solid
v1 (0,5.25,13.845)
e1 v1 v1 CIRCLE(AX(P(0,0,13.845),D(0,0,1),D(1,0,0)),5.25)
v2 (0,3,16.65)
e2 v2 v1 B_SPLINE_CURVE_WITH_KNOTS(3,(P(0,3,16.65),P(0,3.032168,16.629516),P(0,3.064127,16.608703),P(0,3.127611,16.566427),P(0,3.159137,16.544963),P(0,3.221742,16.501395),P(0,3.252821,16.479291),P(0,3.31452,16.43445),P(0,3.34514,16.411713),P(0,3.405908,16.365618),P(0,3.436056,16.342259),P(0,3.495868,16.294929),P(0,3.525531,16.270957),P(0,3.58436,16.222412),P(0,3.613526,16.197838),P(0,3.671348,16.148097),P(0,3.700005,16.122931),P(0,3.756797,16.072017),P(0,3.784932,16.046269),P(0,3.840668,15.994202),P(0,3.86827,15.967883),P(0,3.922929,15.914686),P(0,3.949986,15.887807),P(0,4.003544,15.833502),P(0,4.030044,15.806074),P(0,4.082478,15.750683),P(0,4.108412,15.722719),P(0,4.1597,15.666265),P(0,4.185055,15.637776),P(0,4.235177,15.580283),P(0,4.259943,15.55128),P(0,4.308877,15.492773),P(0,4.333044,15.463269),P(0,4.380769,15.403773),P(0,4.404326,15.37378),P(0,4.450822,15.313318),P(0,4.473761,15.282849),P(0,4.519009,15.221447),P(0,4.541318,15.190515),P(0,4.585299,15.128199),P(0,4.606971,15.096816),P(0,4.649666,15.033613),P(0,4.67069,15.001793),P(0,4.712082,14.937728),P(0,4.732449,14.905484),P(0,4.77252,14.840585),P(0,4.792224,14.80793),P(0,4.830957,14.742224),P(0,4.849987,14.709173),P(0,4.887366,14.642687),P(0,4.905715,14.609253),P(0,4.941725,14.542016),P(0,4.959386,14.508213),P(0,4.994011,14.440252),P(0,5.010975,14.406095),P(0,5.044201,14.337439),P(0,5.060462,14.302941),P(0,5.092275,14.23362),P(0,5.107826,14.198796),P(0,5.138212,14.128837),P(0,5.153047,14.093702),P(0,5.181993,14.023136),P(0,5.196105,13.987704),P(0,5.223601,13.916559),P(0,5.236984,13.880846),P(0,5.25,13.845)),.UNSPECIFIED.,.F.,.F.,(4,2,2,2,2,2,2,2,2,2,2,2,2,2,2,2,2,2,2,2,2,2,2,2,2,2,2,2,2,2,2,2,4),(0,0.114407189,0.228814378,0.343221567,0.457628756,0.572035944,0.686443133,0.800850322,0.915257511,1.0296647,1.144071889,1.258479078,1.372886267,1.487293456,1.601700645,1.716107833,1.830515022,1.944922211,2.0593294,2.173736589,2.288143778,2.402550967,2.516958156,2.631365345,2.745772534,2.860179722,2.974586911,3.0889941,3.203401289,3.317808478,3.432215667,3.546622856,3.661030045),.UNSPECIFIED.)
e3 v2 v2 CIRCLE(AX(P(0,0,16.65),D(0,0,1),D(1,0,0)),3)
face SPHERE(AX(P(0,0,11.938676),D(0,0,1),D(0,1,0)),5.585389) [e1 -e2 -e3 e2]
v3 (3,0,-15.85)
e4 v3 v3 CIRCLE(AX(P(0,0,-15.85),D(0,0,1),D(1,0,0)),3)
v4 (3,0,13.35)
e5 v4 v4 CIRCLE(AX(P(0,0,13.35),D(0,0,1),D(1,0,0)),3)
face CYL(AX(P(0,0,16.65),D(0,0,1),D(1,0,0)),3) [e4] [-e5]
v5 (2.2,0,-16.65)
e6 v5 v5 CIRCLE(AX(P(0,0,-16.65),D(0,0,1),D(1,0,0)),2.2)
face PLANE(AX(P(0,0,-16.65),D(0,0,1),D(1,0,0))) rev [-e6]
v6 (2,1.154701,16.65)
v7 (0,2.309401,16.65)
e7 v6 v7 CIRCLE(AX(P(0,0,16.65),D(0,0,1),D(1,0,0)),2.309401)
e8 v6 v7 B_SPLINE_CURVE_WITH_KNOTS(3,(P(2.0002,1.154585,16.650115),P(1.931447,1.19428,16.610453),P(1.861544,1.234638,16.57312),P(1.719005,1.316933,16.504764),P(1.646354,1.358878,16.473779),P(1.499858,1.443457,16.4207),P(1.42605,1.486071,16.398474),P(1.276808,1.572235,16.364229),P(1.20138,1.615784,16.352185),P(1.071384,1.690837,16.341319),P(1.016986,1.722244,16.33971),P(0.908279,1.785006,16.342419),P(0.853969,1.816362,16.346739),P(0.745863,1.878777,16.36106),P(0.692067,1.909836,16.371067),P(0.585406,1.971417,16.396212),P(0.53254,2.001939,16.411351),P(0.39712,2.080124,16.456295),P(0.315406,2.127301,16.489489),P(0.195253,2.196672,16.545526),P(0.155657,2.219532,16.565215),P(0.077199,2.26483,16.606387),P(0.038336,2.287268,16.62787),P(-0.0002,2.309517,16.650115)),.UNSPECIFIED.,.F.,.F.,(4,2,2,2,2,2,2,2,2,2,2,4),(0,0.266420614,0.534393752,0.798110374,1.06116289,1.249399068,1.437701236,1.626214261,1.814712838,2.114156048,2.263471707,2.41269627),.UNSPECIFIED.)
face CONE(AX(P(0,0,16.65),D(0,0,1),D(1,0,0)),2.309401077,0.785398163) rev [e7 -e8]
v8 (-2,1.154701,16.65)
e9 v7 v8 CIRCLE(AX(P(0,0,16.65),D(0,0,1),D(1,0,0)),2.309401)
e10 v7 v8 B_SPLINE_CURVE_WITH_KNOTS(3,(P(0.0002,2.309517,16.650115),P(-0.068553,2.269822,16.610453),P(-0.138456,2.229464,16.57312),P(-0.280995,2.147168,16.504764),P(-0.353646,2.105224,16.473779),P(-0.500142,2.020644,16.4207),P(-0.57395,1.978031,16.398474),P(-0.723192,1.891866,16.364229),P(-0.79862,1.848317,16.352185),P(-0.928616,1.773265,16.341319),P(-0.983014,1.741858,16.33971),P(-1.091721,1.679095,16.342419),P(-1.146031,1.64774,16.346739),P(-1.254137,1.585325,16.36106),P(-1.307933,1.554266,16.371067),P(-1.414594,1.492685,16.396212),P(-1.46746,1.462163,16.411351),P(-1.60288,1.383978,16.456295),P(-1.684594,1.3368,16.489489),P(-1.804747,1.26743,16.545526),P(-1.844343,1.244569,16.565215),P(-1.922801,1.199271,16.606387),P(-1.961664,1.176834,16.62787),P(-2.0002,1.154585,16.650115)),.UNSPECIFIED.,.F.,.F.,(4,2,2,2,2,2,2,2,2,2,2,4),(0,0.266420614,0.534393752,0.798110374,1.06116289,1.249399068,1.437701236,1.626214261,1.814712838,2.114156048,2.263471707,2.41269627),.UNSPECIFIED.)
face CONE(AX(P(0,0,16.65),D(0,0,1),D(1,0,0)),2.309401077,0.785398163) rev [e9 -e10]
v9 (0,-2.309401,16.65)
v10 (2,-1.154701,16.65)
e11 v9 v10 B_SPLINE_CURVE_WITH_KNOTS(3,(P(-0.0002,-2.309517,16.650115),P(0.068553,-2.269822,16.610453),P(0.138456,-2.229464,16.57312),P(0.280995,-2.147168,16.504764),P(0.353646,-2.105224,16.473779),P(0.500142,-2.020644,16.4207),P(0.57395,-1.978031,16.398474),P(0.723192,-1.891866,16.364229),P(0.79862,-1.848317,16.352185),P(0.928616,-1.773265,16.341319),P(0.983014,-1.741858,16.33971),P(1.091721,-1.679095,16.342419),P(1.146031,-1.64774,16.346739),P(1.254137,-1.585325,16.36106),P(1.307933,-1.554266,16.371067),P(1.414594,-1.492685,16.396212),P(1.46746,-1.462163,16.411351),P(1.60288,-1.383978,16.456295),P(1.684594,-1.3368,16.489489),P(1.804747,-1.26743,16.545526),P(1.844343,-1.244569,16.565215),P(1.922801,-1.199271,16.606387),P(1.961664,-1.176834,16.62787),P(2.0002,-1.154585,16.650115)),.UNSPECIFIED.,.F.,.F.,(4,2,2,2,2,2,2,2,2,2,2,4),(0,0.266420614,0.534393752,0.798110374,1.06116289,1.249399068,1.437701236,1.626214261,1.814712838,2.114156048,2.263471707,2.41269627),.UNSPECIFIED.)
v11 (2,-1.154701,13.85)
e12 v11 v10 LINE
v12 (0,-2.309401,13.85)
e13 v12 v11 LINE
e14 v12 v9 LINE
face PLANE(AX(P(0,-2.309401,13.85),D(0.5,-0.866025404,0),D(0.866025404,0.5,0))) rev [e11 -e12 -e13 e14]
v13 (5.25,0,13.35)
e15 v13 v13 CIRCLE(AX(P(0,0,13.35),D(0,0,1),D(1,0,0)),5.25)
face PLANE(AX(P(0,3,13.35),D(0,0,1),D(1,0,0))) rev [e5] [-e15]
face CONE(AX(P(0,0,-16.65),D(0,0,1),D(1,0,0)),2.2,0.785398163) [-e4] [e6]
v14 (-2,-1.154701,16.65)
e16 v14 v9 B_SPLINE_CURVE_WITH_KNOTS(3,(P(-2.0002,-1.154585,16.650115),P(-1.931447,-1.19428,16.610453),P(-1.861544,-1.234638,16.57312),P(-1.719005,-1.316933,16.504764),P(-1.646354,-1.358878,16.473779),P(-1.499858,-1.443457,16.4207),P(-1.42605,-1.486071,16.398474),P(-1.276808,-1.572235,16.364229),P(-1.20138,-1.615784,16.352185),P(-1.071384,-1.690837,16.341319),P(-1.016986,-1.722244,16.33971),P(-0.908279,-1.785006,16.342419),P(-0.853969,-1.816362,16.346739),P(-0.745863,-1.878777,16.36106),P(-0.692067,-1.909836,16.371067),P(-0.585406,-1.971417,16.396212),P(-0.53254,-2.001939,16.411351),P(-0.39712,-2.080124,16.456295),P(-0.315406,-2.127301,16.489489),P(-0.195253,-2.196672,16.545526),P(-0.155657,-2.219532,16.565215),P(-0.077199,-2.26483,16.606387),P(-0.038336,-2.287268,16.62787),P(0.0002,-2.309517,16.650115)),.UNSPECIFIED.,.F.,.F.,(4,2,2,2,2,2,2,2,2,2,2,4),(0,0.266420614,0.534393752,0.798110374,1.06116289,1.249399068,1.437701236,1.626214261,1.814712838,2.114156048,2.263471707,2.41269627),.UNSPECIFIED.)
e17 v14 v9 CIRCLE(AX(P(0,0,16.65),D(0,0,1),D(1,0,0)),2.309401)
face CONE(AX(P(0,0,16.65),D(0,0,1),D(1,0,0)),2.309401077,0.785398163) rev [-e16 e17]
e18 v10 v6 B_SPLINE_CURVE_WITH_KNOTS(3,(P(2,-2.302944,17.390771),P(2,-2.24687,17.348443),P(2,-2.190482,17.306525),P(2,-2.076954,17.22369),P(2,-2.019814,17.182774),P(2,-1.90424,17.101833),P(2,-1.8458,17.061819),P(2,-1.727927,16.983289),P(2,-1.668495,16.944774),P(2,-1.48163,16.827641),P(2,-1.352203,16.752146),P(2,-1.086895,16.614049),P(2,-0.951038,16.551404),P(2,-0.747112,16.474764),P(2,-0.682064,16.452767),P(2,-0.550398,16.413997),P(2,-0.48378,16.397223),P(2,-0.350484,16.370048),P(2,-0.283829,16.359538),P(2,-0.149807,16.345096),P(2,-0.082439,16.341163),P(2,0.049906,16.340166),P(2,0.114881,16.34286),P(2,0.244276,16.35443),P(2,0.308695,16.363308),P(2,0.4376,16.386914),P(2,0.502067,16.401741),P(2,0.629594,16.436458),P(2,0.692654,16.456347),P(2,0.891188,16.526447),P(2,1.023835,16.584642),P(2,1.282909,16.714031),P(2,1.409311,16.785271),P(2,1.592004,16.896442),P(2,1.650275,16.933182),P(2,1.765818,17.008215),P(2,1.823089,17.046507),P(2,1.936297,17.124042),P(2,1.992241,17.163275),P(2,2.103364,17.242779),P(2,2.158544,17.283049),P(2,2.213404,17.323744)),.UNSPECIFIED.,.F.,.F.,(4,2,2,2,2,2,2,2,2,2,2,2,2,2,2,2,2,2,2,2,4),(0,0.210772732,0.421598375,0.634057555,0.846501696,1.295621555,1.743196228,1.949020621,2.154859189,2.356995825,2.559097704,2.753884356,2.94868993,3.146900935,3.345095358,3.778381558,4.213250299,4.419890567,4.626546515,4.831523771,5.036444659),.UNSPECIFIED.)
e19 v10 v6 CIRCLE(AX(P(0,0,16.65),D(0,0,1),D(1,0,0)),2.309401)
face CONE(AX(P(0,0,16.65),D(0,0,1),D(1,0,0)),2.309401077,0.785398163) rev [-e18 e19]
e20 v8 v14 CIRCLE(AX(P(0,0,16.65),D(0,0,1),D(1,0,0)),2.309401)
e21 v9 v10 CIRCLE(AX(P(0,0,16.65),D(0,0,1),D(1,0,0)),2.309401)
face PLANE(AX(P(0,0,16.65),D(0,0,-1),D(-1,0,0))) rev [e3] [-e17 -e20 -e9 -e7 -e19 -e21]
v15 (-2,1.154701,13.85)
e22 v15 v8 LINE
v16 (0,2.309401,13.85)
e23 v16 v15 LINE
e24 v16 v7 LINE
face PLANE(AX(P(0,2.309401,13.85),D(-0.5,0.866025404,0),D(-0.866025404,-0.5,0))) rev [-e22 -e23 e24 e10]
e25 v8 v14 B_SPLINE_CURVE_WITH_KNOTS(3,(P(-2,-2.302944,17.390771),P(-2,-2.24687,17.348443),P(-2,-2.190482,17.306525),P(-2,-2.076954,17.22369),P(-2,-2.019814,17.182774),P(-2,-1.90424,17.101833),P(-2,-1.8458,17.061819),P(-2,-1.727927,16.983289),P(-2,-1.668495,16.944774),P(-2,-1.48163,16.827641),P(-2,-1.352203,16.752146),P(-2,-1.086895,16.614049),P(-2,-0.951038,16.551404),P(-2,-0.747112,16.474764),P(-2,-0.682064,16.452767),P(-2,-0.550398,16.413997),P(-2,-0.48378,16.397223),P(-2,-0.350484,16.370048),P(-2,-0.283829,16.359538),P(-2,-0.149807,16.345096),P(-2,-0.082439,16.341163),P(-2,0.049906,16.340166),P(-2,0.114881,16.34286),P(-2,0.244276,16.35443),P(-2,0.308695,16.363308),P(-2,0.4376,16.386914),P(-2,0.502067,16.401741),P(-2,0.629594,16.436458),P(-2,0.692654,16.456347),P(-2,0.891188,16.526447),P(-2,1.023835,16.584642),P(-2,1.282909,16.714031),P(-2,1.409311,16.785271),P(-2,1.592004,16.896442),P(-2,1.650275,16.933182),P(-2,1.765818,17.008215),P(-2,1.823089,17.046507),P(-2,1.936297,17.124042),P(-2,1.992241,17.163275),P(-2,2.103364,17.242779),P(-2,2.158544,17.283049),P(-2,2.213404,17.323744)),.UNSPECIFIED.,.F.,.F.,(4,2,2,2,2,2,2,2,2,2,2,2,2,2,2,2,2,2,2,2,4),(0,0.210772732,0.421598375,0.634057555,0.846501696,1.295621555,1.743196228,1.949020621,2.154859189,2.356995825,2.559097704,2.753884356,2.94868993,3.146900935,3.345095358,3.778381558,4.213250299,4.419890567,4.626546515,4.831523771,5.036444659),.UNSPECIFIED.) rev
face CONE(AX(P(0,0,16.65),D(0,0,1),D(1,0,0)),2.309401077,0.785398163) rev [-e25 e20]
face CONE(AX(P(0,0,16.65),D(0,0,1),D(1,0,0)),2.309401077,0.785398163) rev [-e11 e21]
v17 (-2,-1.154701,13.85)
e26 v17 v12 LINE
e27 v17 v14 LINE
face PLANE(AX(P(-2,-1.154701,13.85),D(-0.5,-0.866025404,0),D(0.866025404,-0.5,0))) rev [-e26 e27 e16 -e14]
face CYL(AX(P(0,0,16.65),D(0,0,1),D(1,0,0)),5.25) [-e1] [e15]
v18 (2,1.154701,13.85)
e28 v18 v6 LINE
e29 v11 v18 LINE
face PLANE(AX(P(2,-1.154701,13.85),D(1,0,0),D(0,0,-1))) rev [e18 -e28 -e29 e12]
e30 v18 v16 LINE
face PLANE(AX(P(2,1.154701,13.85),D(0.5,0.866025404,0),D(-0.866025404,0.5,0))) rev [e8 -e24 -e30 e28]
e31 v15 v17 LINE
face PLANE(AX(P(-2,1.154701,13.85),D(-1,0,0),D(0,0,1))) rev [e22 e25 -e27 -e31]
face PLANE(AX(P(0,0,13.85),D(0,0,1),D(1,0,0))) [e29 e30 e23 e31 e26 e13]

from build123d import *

# Parameters (mm, degrees)
CUT_EXTRUDE1_DEPTH = 2.8


with BuildPart() as part:
    # Sketch2 → Revolve1 (revolve)
    with BuildSketch(Plane(origin=(0, 0, 0), x_dir=(0, 0, -1), z_dir=(1, 0, 0)), mode=Mode.PRIVATE) as revolve1_sk:
        with BuildLine():
            Line((-16.65, 0), (16.65, 0))
            Line((16.65, 0), (16.65, 2.2))
            Line((16.65, 2.2), (15.85, 3))
            Line((15.85, 3), (-13.35, 3))
            Line((-13.35, 3), (-13.35, 5.25))
            Line((-13.35, 5.25), (-13.845, 5.25))
            ThreePointArc((-13.845, 5.25), (-15.433520981, 4.356906156), (-16.65, 3))
            Line((-16.65, 3), (-16.65, 0))
        make_face()
    revolve(revolve1_sk.sketch.rotate(Axis((0, 0, 16.65), (0, 0, -1)), 90), axis=Axis((0, 0, 16.65), (0, 0, -1)))

    # Sketch3 → Cut-Extrude1 (cut)
    with BuildSketch(Plane.XY.offset(16.65)):
        Polygon((0, 2.309401077), (-2, 1.154700538), (-2, -1.154700538), (0, -2.309401077), (2, -1.154700538), (2, 1.154700538), align=None)
    extrude(amount=-CUT_EXTRUDE1_DEPTH, mode=Mode.SUBTRACT)

    # Cut-Extrude2 cone 1 section (through the dimple's axis) → Cut-Extrude2 (revolve, cut)
    with BuildSketch(Plane(origin=(0, 0, 16.65), x_dir=(0, -1, 0), z_dir=(1, 0, 0))):
        Polygon((0, 0), (2.309401077, 0), (0, 2.309401077), align=None)
    revolve(axis=Axis((0, 0, 16.65), (0, 0, -1)), mode=Mode.SUBTRACT)


solid = part.part
